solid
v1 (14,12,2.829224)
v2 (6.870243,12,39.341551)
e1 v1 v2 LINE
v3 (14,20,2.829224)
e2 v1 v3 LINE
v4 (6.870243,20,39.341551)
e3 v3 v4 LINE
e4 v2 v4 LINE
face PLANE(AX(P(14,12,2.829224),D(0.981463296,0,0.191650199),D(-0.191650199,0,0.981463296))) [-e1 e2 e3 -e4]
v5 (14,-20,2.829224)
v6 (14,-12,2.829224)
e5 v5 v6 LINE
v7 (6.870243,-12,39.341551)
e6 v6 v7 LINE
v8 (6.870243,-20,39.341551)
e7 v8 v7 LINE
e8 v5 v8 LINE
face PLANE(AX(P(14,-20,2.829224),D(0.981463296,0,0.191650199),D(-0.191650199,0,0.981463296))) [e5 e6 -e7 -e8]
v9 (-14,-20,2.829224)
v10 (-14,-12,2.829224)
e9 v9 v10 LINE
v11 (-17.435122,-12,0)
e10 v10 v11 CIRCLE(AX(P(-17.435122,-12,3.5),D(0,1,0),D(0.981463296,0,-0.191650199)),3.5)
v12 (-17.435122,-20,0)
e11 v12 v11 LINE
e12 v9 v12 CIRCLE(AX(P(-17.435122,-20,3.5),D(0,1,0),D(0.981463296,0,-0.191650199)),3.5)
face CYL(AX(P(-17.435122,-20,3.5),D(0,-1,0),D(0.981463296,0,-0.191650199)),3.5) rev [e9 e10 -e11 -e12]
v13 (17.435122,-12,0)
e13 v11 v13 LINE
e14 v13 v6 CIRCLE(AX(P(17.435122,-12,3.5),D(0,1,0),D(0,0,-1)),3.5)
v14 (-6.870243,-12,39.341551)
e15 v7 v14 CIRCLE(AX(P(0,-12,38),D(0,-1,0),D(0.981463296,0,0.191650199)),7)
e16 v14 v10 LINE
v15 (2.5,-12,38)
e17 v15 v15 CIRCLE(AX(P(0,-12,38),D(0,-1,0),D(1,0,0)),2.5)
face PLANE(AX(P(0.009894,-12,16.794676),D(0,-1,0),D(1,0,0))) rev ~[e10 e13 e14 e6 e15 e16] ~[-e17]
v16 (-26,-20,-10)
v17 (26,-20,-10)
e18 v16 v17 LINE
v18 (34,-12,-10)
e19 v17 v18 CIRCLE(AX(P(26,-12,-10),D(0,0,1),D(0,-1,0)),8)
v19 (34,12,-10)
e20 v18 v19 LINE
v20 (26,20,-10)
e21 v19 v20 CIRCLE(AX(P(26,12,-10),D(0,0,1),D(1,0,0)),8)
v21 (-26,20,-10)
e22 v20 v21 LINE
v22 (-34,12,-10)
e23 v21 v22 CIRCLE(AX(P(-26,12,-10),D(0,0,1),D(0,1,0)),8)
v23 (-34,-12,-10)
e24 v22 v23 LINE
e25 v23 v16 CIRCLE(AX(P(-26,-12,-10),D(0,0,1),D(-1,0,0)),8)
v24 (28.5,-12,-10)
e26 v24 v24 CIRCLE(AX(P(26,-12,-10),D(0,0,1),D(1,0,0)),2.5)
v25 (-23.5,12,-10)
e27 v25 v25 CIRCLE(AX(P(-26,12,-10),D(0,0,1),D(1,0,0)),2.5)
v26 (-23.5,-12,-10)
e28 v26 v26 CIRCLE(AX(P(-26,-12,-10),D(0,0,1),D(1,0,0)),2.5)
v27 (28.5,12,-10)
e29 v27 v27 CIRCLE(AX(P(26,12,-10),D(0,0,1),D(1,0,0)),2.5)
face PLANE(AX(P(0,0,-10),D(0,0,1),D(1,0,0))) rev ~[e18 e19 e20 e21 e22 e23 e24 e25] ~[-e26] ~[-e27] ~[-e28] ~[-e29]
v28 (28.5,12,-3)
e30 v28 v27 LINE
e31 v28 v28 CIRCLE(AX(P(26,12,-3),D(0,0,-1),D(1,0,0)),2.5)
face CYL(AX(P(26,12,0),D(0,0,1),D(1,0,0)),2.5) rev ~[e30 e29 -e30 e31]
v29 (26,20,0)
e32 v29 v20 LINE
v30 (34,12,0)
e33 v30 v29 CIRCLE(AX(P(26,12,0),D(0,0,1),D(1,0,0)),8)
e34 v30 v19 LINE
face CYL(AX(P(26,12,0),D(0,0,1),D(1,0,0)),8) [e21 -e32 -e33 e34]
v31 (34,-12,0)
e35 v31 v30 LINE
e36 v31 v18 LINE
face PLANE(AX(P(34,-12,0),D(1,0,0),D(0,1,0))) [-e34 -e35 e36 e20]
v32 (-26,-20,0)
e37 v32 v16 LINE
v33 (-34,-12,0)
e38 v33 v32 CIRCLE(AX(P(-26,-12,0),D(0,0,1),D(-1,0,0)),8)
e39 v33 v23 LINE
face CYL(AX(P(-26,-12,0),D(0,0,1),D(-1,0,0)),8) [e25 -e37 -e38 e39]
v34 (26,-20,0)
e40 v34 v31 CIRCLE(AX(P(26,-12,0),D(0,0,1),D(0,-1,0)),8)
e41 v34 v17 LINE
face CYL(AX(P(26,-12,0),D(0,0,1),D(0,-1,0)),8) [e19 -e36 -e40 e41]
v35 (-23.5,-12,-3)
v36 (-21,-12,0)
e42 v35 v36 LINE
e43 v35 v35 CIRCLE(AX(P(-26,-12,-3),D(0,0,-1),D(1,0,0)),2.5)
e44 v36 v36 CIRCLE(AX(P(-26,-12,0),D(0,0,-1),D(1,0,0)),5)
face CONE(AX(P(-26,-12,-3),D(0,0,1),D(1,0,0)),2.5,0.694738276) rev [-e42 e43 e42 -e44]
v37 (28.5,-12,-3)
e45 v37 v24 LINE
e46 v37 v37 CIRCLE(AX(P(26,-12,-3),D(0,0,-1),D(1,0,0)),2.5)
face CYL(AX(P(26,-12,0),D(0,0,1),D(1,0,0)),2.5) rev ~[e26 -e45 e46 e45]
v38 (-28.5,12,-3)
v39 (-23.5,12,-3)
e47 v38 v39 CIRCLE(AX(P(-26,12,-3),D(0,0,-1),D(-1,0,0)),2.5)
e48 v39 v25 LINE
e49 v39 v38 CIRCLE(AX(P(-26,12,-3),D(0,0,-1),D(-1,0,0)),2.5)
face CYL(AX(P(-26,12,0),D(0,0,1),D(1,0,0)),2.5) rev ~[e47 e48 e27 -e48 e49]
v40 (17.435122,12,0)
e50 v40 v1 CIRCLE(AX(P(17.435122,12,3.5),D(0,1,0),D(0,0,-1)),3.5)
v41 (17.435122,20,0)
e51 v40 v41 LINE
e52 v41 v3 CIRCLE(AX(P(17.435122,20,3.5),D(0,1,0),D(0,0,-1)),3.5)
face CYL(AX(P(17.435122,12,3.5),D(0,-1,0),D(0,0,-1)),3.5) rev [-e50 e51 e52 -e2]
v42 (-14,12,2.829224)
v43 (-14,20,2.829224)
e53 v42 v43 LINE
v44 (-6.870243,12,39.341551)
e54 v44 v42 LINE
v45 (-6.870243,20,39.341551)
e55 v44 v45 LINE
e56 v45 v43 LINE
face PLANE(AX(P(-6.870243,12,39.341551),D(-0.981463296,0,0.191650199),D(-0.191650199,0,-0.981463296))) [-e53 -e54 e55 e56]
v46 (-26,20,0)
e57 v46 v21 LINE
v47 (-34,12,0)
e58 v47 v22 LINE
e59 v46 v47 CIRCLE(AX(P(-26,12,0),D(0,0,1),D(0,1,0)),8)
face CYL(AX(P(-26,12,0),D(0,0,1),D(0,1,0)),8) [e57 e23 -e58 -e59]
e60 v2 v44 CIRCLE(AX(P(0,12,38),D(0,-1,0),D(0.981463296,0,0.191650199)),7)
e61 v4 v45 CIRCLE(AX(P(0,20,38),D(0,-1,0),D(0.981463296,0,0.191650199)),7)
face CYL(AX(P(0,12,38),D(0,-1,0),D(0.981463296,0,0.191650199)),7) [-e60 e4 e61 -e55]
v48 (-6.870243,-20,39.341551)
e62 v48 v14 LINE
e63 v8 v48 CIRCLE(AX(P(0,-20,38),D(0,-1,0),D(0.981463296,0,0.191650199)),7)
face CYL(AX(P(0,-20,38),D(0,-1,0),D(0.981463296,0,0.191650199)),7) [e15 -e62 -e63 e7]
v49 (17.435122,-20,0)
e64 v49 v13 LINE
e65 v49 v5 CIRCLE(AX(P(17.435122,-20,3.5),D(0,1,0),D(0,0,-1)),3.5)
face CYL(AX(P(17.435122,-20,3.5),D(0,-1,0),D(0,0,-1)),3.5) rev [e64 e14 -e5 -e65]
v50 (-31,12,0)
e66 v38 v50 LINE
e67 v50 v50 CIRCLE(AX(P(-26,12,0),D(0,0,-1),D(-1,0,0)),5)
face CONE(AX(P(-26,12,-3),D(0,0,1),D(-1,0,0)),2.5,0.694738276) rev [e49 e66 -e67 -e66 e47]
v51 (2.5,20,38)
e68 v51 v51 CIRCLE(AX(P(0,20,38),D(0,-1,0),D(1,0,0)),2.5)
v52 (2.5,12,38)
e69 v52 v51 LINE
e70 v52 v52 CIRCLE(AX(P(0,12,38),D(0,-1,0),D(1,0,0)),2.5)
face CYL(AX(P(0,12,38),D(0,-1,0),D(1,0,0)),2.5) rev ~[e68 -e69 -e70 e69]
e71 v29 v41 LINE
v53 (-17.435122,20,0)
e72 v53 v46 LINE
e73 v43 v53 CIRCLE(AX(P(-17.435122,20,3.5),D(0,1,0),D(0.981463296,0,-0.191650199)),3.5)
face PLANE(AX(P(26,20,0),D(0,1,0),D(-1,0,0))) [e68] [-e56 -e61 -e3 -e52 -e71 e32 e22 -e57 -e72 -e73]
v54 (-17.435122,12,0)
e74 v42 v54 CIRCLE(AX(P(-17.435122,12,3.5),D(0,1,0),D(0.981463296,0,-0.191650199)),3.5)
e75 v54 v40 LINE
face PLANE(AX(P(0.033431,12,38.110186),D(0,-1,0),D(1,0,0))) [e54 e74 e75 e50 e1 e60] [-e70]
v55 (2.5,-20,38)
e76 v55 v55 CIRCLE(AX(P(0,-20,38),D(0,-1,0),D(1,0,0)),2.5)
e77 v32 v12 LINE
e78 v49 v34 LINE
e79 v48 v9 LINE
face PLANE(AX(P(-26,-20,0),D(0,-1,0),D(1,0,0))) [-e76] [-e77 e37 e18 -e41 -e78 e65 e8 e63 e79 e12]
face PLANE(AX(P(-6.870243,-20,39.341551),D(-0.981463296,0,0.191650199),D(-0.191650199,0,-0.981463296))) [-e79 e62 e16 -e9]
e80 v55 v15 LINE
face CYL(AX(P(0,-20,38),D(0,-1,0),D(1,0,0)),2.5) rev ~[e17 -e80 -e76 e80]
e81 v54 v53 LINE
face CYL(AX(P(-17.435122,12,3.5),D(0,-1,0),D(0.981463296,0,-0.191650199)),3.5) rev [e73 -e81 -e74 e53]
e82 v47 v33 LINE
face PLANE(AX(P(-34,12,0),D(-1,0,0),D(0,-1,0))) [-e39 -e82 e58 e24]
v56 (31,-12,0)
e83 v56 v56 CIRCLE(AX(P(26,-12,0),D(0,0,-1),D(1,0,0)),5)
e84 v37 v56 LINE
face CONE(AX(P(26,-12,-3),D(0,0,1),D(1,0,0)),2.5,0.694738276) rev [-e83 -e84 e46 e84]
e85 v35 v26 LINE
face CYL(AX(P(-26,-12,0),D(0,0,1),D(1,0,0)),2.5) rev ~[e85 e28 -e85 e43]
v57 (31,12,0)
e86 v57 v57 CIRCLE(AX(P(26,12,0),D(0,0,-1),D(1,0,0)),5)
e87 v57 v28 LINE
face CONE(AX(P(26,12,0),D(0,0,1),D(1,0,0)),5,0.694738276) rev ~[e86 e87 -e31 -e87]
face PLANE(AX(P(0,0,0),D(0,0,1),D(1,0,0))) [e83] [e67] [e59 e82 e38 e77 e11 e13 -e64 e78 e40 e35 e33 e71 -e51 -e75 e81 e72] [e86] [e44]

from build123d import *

# Parameters (mm, degrees)
F1_DEPTH = 10
F2_R     = 2.5
F3_DEPTH = 25
F4_R     = 2.5
F5_DEPTH = 8
F6_START = -32
F6_DEPTH = 8


with BuildPart() as f1:
    # F0 (on Top) → F1 (new body)
    with BuildSketch(Plane.XY):
        with BuildLine():
            ThreePointArc((34, 12), (31.6568542495, 17.6568542495), (26, 20))
            Line((26, 20), (-26, 20))
            ThreePointArc((-26, 20), (-31.6568542495, 17.6568542495), (-34, 12))
            Line((-34, 12), (-34, -12))
            ThreePointArc((-34, -12), (-31.6568542495, -17.6568542495), (-26, -20))
            Line((-26, -20), (26, -20))
            ThreePointArc((26, -20), (31.6568542495, -17.6568542495), (34, -12))
            Line((34, -12), (34, 12))
        make_face()
    extrude(amount=-F1_DEPTH)

    # F2 (on face) → F3 (cut)
    with BuildSketch(Plane.XY):
        with Locations((-26, 12)):
            Circle(F2_R)
        with Locations((-26, -12)):
            Circle(F2_R)
        with Locations((26, -12)):
            Circle(F2_R)
        with Locations((26, 12)):
            Circle(F2_R)
    extrude(amount=-F3_DEPTH, mode=Mode.SUBTRACT)

    # F4 (on face) → F5 (join)
    with BuildSketch(Plane.XZ.offset(20)):
        with BuildLine():
            ThreePointArc((6.870243072, 39.3415513897), (6.9674852531, 38.6739059637), (7, 38))
            ThreePointArc((7, 38), (-0.6739059637, 31.0325147469), (-6.870243072, 39.3415513897))
            Line((-6.870243072, 39.3415513897), (-14, 2.8292243052))
            ThreePointArc((-14, 2.8292243052), (-15.2100052393, 0.7983602265), (-17.435121536, 0))
            Line((-17.435121536, 0), (0, 0))
            Line((0, 0), (17.435121536, 0))
            ThreePointArc((17.435121536, 0), (15.2100052393, 0.7983602265), (14, 2.8292243052))
            Line((14, 2.8292243052), (6.870243072, 39.3415513897))
        make_face()
        with BuildLine():
            ThreePointArc((-6.870243072, 39.3415513897), (-0.6739059637, 31.0325147469), (7, 38))
            ThreePointArc((7, 38), (6.9674852531, 38.6739059637), (6.870243072, 39.3415513897))
            ThreePointArc((6.870243072, 39.3415513897), (0, 45), (-6.870243072, 39.3415513897))
        make_face()
        with Locations((0, 38)):
            Circle(F4_R, mode=Mode.SUBTRACT)
    extrude(amount=-F5_DEPTH)

    # F4 (on face) → F6 (join)
    with BuildSketch(Plane.XZ.offset(20).offset(F6_START)):
        with BuildLine():
            ThreePointArc((-6.870243072, 39.3415513897), (-0.6739059637, 31.0325147469), (7, 38))
            ThreePointArc((7, 38), (6.9674852531, 38.6739059637), (6.870243072, 39.3415513897))
            ThreePointArc((6.870243072, 39.3415513897), (0, 45), (-6.870243072, 39.3415513897))
        make_face()
        with Locations((0, 38)):
            Circle(F4_R, mode=Mode.SUBTRACT)
        with BuildLine():
            ThreePointArc((6.870243072, 39.3415513897), (6.9674852531, 38.6739059637), (7, 38))
            ThreePointArc((7, 38), (-0.6739059637, 31.0325147469), (-6.870243072, 39.3415513897))
            Line((-6.870243072, 39.3415513897), (-14, 2.8292243052))
            ThreePointArc((-14, 2.8292243052), (-15.2100052393, 0.7983602265), (-17.435121536, 0))
            Line((-17.435121536, 0), (0, 0))
            Line((0, 0), (17.435121536, 0))
            ThreePointArc((17.435121536, 0), (15.2100052393, 0.7983602265), (14, 2.8292243052))
            Line((14, 2.8292243052), (6.870243072, 39.3415513897))
        make_face()
    extrude(amount=-F6_DEPTH)

    # F8 (on offset) → F9 (revolve, cut)
    with BuildSketch(Plane.XZ.offset(12)):
        Polygon((-21, 0), (-26, 0), (-26, -3), (-23.5, -3), align=None)
    revolve(axis=Axis((-26, -12, -1.5), (0, 0, -1)), mode=Mode.SUBTRACT)

    # F10 (on offset) → F11 (revolve, cut)
    with BuildSketch(Plane.XZ.offset(12)):
        Polygon((31, 0), (26, 0), (26, -3), (28.5, -3), align=None)
    revolve(axis=Axis((26, -12, -1.5), (0, 0, -1)), mode=Mode.SUBTRACT)

    # F13 (on offset) → F14 (revolve, cut)
    with BuildSketch(Plane(origin=(0, 12, 0), x_dir=(-1, 0, 0), z_dir=(0, 1, 0))):
        Polygon((-26, -3), (-26, 0), (-31, 0), (-28.5, -3), align=None)
    revolve(axis=Axis((26, 12, -1.5), (0, 0, -1)), mode=Mode.SUBTRACT)

    # F15 (on offset) → F16 (revolve, cut)
    with BuildSketch(Plane(origin=(0, 12, 0), x_dir=(-1, 0, 0), z_dir=(0, 1, 0))):
        Polygon((31, 0), (26, 0), (26, -3), (28.5, -3), align=None)
    revolve(axis=Axis((-26, 12, -1.5), (0, 0, -1)), mode=Mode.SUBTRACT)


solid = f1.part
